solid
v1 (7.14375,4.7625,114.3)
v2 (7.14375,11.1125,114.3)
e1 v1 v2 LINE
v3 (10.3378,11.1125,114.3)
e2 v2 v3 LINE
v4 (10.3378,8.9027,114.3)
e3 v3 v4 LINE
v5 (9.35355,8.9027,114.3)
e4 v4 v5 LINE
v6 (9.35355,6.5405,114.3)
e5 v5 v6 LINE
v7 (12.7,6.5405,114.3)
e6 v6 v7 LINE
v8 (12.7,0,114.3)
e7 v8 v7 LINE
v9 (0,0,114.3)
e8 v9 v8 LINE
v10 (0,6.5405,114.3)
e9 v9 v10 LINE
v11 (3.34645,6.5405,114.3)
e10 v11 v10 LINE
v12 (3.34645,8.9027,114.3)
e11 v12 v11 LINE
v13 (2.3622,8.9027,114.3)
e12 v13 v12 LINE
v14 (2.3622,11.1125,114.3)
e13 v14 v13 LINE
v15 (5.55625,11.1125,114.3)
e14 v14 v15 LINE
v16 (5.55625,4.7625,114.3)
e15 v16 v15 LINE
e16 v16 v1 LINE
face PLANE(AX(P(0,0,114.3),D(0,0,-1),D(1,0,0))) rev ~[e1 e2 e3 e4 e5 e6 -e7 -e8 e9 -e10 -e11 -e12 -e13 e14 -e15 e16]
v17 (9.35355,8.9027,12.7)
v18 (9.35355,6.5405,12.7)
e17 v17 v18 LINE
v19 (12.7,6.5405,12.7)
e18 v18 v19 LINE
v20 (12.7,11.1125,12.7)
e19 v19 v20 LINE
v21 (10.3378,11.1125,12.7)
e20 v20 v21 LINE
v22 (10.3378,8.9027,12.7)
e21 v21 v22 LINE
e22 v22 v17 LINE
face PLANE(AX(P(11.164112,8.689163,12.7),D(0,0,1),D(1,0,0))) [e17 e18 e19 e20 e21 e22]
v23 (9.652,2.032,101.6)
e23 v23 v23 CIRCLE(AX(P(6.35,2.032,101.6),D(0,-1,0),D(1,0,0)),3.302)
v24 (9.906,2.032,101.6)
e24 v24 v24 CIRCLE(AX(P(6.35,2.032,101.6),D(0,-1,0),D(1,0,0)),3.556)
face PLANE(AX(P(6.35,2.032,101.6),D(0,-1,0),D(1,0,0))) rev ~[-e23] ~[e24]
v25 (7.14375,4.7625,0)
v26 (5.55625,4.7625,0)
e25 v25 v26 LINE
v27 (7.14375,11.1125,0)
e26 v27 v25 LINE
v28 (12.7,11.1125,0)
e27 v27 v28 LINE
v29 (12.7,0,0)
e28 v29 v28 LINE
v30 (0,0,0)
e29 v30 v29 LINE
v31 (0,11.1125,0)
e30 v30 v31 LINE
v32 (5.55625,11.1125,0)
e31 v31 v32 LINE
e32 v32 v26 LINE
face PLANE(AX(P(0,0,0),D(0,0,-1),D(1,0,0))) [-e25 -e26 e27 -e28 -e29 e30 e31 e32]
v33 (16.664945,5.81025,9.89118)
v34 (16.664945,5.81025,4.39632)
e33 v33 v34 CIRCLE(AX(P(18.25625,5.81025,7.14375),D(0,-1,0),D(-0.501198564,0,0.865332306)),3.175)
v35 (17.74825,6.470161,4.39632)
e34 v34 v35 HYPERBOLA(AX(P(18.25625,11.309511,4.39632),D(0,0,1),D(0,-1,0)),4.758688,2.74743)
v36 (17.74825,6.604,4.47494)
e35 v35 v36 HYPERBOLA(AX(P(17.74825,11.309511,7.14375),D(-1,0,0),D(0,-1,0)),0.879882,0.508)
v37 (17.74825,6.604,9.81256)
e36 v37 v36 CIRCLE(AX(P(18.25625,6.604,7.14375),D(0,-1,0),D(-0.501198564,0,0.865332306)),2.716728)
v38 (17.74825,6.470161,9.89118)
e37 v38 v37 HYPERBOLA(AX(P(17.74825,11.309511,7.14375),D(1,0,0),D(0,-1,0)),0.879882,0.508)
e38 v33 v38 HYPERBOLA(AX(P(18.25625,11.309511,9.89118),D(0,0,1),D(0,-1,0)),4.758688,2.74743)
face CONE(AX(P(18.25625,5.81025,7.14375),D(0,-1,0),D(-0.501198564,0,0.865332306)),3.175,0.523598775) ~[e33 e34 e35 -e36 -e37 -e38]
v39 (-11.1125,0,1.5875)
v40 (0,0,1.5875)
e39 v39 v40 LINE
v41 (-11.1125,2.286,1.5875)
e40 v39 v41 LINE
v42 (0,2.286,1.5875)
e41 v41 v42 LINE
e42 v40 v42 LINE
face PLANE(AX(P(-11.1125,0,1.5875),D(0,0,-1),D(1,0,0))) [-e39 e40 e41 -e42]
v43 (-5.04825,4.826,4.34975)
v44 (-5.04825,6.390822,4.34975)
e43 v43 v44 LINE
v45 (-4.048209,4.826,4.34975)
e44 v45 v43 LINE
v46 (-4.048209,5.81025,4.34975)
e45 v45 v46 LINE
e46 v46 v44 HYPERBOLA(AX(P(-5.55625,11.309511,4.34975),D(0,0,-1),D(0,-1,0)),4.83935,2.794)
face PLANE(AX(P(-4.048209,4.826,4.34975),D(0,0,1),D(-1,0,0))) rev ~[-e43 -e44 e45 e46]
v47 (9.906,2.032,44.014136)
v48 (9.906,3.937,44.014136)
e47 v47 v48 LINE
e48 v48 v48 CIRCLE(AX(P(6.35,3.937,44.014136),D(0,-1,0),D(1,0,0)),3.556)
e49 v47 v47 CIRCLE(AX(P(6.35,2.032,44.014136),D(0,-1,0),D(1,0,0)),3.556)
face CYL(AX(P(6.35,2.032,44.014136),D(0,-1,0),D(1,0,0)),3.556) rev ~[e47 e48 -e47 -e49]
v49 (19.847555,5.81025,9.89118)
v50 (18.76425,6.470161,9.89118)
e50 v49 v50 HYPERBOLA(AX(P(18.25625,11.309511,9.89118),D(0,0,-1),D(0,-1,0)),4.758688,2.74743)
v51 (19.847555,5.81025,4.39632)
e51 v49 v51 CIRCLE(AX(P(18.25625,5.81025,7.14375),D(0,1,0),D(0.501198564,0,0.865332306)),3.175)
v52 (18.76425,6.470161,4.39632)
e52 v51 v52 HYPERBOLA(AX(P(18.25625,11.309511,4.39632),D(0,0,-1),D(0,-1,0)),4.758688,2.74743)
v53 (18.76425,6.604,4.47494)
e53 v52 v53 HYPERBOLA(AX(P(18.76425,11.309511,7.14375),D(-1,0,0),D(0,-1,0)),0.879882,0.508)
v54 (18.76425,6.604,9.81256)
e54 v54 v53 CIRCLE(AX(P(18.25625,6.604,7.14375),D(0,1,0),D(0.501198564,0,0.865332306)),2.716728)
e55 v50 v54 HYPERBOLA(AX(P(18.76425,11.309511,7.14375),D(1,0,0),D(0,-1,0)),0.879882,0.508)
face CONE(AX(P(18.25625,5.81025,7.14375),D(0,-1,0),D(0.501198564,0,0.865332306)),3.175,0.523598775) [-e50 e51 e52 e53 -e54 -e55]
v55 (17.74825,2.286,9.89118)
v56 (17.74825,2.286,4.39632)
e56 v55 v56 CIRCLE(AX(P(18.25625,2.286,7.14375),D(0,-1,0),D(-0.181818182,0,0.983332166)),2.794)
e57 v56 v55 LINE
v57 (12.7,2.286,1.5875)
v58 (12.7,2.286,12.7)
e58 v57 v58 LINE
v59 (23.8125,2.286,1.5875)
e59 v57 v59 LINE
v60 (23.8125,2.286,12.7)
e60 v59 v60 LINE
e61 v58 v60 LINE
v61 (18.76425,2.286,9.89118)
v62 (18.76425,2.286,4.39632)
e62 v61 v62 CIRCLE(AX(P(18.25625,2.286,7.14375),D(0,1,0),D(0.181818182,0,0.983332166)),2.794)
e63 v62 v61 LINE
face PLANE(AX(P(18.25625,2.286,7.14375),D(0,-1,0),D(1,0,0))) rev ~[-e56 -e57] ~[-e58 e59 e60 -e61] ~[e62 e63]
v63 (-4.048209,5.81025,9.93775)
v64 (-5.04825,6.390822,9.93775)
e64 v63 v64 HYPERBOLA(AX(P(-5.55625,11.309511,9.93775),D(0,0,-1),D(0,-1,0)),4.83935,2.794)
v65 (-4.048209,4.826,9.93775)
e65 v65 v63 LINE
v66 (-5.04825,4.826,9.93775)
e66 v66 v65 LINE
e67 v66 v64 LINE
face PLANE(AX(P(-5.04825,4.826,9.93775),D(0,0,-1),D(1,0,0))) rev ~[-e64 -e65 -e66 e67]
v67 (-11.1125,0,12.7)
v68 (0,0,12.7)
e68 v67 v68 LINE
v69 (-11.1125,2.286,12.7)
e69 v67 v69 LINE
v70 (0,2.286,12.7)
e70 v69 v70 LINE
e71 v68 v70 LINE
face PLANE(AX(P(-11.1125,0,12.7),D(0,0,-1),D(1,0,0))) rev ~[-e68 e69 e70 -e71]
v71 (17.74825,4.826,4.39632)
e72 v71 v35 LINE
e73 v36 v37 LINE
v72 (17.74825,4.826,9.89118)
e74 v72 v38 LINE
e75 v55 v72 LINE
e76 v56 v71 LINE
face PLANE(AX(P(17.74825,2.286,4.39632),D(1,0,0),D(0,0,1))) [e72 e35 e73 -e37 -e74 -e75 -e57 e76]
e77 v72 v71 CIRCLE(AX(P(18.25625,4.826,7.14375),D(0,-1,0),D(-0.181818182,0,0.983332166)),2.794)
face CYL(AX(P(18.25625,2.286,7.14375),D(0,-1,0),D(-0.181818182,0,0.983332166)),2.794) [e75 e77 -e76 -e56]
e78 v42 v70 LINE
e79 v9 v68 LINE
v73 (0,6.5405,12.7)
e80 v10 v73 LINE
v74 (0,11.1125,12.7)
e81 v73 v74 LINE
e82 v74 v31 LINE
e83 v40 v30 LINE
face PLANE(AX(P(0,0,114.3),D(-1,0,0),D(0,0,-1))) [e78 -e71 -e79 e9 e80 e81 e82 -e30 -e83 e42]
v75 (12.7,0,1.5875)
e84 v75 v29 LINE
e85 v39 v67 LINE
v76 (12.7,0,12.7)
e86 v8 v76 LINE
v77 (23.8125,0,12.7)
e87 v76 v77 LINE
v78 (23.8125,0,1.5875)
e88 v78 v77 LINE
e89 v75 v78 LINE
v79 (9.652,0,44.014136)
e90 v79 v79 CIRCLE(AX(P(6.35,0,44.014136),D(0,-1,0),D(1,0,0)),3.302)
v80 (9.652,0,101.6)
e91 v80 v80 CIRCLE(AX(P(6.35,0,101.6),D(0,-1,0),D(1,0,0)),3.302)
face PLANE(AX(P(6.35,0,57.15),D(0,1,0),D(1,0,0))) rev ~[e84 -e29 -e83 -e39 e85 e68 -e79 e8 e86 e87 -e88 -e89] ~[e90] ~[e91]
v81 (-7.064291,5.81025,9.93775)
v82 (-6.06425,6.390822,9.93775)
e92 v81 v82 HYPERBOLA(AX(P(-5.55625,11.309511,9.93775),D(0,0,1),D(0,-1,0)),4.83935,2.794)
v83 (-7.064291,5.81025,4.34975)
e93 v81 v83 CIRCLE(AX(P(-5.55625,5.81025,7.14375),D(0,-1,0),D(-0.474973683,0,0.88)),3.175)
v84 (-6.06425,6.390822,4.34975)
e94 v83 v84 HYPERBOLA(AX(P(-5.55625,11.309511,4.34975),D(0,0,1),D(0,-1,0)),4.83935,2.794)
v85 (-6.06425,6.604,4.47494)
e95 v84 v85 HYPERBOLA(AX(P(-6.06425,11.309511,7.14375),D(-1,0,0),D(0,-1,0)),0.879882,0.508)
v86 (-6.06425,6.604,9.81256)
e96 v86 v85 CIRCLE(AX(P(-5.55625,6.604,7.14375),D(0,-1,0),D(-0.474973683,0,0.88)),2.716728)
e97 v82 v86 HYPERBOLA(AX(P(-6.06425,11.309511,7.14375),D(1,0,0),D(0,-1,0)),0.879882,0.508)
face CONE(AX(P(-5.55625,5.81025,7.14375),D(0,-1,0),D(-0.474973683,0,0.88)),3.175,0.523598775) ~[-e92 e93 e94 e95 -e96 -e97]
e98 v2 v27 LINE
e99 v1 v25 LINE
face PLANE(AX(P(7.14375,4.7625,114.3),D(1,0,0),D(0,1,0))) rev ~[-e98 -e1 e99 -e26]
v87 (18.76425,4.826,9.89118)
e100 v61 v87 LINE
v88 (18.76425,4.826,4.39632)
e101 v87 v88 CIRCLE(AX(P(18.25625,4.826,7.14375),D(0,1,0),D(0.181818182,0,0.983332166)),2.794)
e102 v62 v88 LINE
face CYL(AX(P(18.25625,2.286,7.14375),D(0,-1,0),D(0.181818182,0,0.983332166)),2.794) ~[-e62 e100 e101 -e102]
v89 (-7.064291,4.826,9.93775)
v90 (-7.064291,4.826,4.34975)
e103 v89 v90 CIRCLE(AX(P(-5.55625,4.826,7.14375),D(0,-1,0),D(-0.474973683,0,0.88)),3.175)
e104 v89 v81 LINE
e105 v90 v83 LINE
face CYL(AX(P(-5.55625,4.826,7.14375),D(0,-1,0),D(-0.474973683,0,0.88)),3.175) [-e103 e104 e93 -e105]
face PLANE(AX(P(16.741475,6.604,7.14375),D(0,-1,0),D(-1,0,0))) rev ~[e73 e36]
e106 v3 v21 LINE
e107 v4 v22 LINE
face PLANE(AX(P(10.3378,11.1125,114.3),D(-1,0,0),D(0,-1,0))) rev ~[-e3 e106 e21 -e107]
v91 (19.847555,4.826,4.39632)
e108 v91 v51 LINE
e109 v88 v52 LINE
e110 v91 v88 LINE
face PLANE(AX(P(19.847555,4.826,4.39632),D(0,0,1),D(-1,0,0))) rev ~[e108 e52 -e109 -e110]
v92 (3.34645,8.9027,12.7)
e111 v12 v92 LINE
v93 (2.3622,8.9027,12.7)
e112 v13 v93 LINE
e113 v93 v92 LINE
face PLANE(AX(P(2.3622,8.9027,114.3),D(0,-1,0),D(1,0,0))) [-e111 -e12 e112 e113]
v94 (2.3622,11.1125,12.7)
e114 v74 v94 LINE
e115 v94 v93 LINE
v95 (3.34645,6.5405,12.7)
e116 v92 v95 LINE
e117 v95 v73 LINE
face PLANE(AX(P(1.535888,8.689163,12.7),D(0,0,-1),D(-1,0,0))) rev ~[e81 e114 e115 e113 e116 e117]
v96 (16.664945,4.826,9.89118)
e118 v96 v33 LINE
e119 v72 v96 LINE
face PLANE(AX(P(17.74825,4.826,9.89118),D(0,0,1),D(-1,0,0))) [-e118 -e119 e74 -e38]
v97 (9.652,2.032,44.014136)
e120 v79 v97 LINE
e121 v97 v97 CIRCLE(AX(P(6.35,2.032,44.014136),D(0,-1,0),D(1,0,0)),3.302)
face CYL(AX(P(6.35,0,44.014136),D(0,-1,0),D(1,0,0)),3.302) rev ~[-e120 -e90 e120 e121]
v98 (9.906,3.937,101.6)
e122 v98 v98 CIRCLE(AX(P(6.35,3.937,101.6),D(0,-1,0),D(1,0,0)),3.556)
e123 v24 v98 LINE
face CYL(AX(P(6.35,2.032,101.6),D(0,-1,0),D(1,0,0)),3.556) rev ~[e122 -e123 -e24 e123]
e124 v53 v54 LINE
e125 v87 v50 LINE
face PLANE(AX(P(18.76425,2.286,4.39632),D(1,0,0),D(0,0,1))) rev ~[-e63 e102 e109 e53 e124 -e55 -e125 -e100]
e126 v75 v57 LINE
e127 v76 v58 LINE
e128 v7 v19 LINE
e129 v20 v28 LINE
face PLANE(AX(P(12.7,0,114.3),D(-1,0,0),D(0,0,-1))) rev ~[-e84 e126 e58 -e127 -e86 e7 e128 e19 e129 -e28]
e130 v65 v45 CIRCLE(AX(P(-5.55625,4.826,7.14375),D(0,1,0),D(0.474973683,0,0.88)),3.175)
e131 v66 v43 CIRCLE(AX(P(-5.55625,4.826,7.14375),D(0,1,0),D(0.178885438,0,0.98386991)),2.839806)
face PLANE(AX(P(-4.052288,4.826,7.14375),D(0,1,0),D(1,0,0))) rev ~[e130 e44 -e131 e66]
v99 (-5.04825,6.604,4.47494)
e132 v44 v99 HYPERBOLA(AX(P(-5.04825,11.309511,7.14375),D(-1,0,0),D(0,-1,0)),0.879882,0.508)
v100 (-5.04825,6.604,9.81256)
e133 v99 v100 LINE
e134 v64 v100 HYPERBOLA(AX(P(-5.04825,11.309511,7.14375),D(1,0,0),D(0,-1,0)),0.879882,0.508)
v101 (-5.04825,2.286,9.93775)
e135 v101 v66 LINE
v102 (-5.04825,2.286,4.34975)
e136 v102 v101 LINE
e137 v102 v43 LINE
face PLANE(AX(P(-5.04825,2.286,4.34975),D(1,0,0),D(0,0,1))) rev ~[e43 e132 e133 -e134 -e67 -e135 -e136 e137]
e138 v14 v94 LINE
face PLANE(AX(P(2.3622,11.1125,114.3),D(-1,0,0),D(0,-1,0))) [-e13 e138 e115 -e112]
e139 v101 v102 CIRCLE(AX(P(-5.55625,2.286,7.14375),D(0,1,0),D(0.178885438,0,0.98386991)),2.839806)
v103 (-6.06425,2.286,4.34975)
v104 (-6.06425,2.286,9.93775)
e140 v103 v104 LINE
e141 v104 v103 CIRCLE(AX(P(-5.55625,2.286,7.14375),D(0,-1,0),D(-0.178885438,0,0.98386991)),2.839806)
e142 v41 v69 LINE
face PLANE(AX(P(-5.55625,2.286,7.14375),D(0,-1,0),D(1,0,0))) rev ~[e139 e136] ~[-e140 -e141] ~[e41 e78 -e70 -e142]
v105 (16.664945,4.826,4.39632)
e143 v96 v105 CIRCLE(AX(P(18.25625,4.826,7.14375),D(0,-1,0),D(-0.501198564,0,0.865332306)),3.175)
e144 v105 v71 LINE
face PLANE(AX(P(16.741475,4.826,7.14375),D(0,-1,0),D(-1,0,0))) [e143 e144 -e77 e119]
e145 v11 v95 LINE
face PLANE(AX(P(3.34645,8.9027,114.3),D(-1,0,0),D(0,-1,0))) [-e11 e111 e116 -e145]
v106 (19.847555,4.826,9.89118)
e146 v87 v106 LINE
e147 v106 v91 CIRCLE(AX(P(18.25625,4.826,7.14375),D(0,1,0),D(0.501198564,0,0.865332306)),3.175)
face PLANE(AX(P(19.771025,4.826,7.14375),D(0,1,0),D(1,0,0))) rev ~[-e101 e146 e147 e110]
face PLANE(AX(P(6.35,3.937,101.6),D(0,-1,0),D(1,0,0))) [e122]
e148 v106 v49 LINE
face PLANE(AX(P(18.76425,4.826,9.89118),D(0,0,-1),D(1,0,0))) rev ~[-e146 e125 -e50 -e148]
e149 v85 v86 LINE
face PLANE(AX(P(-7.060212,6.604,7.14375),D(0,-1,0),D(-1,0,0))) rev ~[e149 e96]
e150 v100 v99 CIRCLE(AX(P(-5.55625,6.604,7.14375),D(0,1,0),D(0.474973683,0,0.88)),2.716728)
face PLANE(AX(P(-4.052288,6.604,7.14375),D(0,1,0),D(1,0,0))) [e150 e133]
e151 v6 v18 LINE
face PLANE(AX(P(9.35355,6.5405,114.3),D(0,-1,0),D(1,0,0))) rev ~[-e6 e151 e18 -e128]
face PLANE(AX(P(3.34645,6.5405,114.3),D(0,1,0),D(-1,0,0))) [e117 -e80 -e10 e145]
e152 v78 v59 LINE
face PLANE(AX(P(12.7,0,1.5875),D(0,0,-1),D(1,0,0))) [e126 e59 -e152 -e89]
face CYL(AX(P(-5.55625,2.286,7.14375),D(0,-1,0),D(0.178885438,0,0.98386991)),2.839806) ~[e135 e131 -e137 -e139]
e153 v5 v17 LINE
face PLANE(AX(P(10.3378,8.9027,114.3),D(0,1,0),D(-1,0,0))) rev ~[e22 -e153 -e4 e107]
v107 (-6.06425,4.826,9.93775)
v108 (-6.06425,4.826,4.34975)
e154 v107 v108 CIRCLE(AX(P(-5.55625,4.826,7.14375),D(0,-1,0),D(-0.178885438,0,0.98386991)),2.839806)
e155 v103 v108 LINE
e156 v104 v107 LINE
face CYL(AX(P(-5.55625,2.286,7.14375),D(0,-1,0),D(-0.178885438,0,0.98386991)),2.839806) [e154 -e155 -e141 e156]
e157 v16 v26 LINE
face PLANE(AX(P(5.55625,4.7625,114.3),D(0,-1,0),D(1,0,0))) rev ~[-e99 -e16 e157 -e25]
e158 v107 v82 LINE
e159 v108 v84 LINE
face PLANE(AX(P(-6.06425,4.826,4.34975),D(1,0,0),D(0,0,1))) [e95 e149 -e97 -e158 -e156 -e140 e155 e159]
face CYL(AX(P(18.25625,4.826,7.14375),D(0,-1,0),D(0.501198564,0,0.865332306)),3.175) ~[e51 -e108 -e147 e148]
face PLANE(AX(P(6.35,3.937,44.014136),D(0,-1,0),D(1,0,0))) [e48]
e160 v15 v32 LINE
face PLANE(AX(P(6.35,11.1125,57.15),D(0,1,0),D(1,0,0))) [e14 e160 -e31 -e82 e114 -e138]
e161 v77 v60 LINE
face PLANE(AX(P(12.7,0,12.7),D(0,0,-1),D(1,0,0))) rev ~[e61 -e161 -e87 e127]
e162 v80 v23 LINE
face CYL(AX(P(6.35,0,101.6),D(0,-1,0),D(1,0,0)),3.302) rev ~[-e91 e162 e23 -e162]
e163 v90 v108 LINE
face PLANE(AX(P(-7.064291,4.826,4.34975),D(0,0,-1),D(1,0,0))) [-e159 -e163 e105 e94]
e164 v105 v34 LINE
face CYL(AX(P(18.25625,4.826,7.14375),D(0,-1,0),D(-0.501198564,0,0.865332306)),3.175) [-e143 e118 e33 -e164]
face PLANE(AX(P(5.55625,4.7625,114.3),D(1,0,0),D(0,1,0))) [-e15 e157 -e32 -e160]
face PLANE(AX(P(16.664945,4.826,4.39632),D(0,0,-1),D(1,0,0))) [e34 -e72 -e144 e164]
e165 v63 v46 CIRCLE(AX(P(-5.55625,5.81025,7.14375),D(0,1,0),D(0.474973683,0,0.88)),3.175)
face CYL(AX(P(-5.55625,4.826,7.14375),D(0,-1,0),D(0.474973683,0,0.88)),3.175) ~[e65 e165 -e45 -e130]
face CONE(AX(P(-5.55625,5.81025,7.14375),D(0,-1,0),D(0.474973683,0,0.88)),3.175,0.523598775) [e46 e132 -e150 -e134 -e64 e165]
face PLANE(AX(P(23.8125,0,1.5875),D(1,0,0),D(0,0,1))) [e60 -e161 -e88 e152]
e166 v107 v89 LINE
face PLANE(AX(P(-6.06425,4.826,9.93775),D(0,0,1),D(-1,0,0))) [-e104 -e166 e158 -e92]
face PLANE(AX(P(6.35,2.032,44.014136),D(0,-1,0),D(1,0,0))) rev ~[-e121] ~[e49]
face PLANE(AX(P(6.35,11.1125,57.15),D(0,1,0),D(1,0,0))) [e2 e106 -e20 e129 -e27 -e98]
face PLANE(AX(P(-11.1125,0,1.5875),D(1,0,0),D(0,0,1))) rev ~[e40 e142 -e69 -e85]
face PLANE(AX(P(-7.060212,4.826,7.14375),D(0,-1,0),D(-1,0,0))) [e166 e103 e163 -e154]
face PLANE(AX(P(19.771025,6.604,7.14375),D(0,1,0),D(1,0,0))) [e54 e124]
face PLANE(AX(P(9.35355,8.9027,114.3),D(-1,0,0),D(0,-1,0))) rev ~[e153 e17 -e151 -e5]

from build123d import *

# Parameters (mm, degrees)
SKETCH1_W             = 12.7
SKETCH1_H             = 114.3
BOSS_EXTRUDE1_DEPTH   = 11.1125
SKETCH2_W             = 1.5875
SKETCH2_H             = 6.35
CUT_EXTRUDE1_DEPTH    = 115.3
CUT_EXTRUDE2_DEPTH    = 101.6
SKETCH4_W             = 11.1125
SKETCH4_H             = 11.1125
BOSS_EXTRUDE2_DEPTH   = 2.286
BOSS_EXTRUDE3_DEPTH   = 2.54
BOSS_EXTRUDE5_DEPTH   = 1.778
CHAMFER1_SIZE         = 0.79375
CHAMFER1_SIZE2        = 0.458271776
CHAMFER1_PART_2_SIZE  = 0.79375
CHAMFER1_PART_2_SIZE2 = 0.458271776
CHAMFER1_PART_3_SIZE  = 0.79375
CHAMFER1_PART_3_SIZE2 = 0.458271776
CHAMFER1_PART_4_SIZE  = 0.79375
CHAMFER1_PART_4_SIZE2 = 0.458271776
SKETCH7_R             = 3.302
CUT_EXTRUDE3_DEPTH    = 2.032
SKETCH8_R             = 3.556
CUT_EXTRUDE4_DEPTH    = 1.905


with BuildPart() as part:
    # Sketch1 → Boss-Extrude1 (new body)
    with BuildSketch(Plane(origin=(0, 0, 0), x_dir=(1, 0, 0), z_dir=(0, 1, 0))):
        with Locations((6.35, -57.15)):
            Rectangle(SKETCH1_W, SKETCH1_H)
    extrude(amount=BOSS_EXTRUDE1_DEPTH)

    # Sketch2 → Cut-Extrude1 (cut, through all)
    with BuildSketch(Plane.XY.offset(114.3)):
        with Locations((6.35, 7.9375)):
            Rectangle(SKETCH2_W, SKETCH2_H)
    extrude(amount=-CUT_EXTRUDE1_DEPTH, mode=Mode.SUBTRACT)

    # Sketch3 → Cut-Extrude2 (cut)
    with BuildSketch(Plane.XY.offset(114.3)):
        Polygon((2.3622, 11.1125), (2.3622, 8.9027), (3.34645, 8.9027), (3.34645, 6.5405), (0, 6.5405), (0, 11.1125), align=None)
        Polygon((10.3378, 11.1125), (10.3378, 8.9027), (9.35355, 8.9027), (9.35355, 6.5405), (12.7, 6.5405), (12.7, 11.1125), align=None)
    extrude(amount=-CUT_EXTRUDE2_DEPTH, mode=Mode.SUBTRACT)

    # Sketch4 → Boss-Extrude2 (add)
    with BuildSketch(Plane.XZ):
        with Locations((-5.55625, 7.14375)):
            Rectangle(SKETCH4_W, SKETCH4_H)
        with Locations((18.25625, 7.14375)):
            Rectangle(SKETCH4_W, SKETCH4_H)
    extrude(amount=-BOSS_EXTRUDE2_DEPTH)

    # Sketch5 → Boss-Extrude3 (add)
    with BuildSketch(Plane(origin=(0, 2.286, 0), x_dir=(1, 0, 0), z_dir=(0, 1, 0))):
        with BuildLine():
            Line((18.76425, -4.396319928), (18.76425, -9.891180072))
            ThreePointArc((18.76425, -9.891180072), (21.05025, -7.14375), (18.76425, -4.396319928))
        make_face()
        with BuildLine():
            Line((-6.06425, -4.34975), (-6.06425, -9.93775))
            ThreePointArc((-6.06425, -9.93775), (-8.396056331, -7.14375), (-6.06425, -4.34975))
        make_face()
        with BuildLine():
            Line((17.74825, -4.396319928), (17.74825, -9.891180072))
            ThreePointArc((17.74825, -9.891180072), (15.46225, -7.14375), (17.74825, -4.396319928))
        make_face()
        with BuildLine():
            Line((-5.04825, -4.34975), (-5.04825, -9.93775))
            ThreePointArc((-5.04825, -9.93775), (-2.716443669, -7.14375), (-5.04825, -4.34975))
        make_face()
    extrude(amount=BOSS_EXTRUDE3_DEPTH)

    # Sketch6 → Boss-Extrude5 (add)
    with BuildSketch(Plane(origin=(0, 4.826, 0), x_dir=(1, 0, 0), z_dir=(0, 1, 0))):
        with BuildLine():
            Line((-7.064291445, -4.34975), (-6.06425, -4.34975))
            Line((-6.06425, -4.34975), (-6.06425, -9.93775))
            Line((-6.06425, -9.93775), (-7.064291445, -9.93775))
            ThreePointArc((-7.064291445, -9.93775), (-8.73125, -7.14375), (-7.064291445, -4.34975))
        make_face()
        with BuildLine():
            Line((-4.048208555, -4.34975), (-5.04825, -4.34975))
            Line((-5.04825, -4.34975), (-5.04825, -9.93775))
            Line((-5.04825, -9.93775), (-4.048208555, -9.93775))
            ThreePointArc((-4.048208555, -9.93775), (-2.38125, -7.14375), (-4.048208555, -4.34975))
        make_face()
        with BuildLine():
            Line((16.664944561, -4.396319928), (17.74825, -4.396319928))
            Line((17.74825, -4.396319928), (17.74825, -9.891180072))
            Line((17.74825, -9.891180072), (16.664944561, -9.891180072))
            ThreePointArc((16.664944561, -9.891180072), (15.08125, -7.14375), (16.664944561, -4.396319928))
        make_face()
        with BuildLine():
            Line((19.847555439, -4.396319928), (18.76425, -4.396319928))
            Line((18.76425, -4.396319928), (18.76425, -9.891180072))
            Line((18.76425, -9.891180072), (19.847555439, -9.891180072))
            ThreePointArc((19.847555439, -9.891180072), (21.43125, -7.14375), (19.847555439, -4.396319928))
        make_face()
    extrude(amount=BOSS_EXTRUDE5_DEPTH)

    # Chamfer1
    chamfer1_edges = [part.edges().sort_by_distance(p)[0] for p in [
        (21.43125, 6.604, 7.14375),
    ]]
    chamfer1_side = [part.faces().sort_by_distance(p)[0] for p in [
        (21.43125, 5.715, 7.14375),
    ]]
    chamfer(chamfer1_edges, length=CHAMFER1_SIZE, length2=CHAMFER1_SIZE2, reference=chamfer1_side[0])

    # Chamfer1 part 2
    chamfer1_part_2_edges = [part.edges().sort_by_distance(p)[0] for p in [
        (15.08125, 6.604, 7.14375),
    ]]
    chamfer1_part_2_side = [part.faces().sort_by_distance(p)[0] for p in [
        (15.08125, 5.715, 7.14375),
    ]]
    chamfer(chamfer1_part_2_edges, length=CHAMFER1_PART_2_SIZE, length2=CHAMFER1_PART_2_SIZE2, reference=chamfer1_part_2_side[0])

    # Chamfer1 part 3
    chamfer1_part_3_edges = [part.edges().sort_by_distance(p)[0] for p in [
        (-2.38125, 6.604, 7.14375),
    ]]
    chamfer1_part_3_side = [part.faces().sort_by_distance(p)[0] for p in [
        (-2.38125, 5.715, 7.14375),
    ]]
    chamfer(chamfer1_part_3_edges, length=CHAMFER1_PART_3_SIZE, length2=CHAMFER1_PART_3_SIZE2, reference=chamfer1_part_3_side[0])

    # Chamfer1 part 4
    chamfer1_part_4_edges = [part.edges().sort_by_distance(p)[0] for p in [
        (-8.73125, 6.604, 7.14375),
    ]]
    chamfer1_part_4_side = [part.faces().sort_by_distance(p)[0] for p in [
        (-8.73125, 5.715, 7.14375),
    ]]
    chamfer(chamfer1_part_4_edges, length=CHAMFER1_PART_4_SIZE, length2=CHAMFER1_PART_4_SIZE2, reference=chamfer1_part_4_side[0])

    # Sketch7 → Cut-Extrude3 (cut)
    with BuildSketch(Plane.XZ):
        with Locations((6.35, 101.6)):
            Circle(SKETCH7_R)
        with Locations((6.35, 44.014136)):
            Circle(SKETCH7_R)
    extrude(amount=-CUT_EXTRUDE3_DEPTH, mode=Mode.SUBTRACT)

    # Sketch8 → Cut-Extrude4 (cut)
    with BuildSketch(Plane.XZ.offset(-2.032)):
        with Locations((6.35, 101.6)):
            Circle(SKETCH8_R)
        with Locations((6.35, 44.014136)):
            Circle(SKETCH8_R)
    extrude(amount=-CUT_EXTRUDE4_DEPTH, mode=Mode.SUBTRACT)


solid = part.part
